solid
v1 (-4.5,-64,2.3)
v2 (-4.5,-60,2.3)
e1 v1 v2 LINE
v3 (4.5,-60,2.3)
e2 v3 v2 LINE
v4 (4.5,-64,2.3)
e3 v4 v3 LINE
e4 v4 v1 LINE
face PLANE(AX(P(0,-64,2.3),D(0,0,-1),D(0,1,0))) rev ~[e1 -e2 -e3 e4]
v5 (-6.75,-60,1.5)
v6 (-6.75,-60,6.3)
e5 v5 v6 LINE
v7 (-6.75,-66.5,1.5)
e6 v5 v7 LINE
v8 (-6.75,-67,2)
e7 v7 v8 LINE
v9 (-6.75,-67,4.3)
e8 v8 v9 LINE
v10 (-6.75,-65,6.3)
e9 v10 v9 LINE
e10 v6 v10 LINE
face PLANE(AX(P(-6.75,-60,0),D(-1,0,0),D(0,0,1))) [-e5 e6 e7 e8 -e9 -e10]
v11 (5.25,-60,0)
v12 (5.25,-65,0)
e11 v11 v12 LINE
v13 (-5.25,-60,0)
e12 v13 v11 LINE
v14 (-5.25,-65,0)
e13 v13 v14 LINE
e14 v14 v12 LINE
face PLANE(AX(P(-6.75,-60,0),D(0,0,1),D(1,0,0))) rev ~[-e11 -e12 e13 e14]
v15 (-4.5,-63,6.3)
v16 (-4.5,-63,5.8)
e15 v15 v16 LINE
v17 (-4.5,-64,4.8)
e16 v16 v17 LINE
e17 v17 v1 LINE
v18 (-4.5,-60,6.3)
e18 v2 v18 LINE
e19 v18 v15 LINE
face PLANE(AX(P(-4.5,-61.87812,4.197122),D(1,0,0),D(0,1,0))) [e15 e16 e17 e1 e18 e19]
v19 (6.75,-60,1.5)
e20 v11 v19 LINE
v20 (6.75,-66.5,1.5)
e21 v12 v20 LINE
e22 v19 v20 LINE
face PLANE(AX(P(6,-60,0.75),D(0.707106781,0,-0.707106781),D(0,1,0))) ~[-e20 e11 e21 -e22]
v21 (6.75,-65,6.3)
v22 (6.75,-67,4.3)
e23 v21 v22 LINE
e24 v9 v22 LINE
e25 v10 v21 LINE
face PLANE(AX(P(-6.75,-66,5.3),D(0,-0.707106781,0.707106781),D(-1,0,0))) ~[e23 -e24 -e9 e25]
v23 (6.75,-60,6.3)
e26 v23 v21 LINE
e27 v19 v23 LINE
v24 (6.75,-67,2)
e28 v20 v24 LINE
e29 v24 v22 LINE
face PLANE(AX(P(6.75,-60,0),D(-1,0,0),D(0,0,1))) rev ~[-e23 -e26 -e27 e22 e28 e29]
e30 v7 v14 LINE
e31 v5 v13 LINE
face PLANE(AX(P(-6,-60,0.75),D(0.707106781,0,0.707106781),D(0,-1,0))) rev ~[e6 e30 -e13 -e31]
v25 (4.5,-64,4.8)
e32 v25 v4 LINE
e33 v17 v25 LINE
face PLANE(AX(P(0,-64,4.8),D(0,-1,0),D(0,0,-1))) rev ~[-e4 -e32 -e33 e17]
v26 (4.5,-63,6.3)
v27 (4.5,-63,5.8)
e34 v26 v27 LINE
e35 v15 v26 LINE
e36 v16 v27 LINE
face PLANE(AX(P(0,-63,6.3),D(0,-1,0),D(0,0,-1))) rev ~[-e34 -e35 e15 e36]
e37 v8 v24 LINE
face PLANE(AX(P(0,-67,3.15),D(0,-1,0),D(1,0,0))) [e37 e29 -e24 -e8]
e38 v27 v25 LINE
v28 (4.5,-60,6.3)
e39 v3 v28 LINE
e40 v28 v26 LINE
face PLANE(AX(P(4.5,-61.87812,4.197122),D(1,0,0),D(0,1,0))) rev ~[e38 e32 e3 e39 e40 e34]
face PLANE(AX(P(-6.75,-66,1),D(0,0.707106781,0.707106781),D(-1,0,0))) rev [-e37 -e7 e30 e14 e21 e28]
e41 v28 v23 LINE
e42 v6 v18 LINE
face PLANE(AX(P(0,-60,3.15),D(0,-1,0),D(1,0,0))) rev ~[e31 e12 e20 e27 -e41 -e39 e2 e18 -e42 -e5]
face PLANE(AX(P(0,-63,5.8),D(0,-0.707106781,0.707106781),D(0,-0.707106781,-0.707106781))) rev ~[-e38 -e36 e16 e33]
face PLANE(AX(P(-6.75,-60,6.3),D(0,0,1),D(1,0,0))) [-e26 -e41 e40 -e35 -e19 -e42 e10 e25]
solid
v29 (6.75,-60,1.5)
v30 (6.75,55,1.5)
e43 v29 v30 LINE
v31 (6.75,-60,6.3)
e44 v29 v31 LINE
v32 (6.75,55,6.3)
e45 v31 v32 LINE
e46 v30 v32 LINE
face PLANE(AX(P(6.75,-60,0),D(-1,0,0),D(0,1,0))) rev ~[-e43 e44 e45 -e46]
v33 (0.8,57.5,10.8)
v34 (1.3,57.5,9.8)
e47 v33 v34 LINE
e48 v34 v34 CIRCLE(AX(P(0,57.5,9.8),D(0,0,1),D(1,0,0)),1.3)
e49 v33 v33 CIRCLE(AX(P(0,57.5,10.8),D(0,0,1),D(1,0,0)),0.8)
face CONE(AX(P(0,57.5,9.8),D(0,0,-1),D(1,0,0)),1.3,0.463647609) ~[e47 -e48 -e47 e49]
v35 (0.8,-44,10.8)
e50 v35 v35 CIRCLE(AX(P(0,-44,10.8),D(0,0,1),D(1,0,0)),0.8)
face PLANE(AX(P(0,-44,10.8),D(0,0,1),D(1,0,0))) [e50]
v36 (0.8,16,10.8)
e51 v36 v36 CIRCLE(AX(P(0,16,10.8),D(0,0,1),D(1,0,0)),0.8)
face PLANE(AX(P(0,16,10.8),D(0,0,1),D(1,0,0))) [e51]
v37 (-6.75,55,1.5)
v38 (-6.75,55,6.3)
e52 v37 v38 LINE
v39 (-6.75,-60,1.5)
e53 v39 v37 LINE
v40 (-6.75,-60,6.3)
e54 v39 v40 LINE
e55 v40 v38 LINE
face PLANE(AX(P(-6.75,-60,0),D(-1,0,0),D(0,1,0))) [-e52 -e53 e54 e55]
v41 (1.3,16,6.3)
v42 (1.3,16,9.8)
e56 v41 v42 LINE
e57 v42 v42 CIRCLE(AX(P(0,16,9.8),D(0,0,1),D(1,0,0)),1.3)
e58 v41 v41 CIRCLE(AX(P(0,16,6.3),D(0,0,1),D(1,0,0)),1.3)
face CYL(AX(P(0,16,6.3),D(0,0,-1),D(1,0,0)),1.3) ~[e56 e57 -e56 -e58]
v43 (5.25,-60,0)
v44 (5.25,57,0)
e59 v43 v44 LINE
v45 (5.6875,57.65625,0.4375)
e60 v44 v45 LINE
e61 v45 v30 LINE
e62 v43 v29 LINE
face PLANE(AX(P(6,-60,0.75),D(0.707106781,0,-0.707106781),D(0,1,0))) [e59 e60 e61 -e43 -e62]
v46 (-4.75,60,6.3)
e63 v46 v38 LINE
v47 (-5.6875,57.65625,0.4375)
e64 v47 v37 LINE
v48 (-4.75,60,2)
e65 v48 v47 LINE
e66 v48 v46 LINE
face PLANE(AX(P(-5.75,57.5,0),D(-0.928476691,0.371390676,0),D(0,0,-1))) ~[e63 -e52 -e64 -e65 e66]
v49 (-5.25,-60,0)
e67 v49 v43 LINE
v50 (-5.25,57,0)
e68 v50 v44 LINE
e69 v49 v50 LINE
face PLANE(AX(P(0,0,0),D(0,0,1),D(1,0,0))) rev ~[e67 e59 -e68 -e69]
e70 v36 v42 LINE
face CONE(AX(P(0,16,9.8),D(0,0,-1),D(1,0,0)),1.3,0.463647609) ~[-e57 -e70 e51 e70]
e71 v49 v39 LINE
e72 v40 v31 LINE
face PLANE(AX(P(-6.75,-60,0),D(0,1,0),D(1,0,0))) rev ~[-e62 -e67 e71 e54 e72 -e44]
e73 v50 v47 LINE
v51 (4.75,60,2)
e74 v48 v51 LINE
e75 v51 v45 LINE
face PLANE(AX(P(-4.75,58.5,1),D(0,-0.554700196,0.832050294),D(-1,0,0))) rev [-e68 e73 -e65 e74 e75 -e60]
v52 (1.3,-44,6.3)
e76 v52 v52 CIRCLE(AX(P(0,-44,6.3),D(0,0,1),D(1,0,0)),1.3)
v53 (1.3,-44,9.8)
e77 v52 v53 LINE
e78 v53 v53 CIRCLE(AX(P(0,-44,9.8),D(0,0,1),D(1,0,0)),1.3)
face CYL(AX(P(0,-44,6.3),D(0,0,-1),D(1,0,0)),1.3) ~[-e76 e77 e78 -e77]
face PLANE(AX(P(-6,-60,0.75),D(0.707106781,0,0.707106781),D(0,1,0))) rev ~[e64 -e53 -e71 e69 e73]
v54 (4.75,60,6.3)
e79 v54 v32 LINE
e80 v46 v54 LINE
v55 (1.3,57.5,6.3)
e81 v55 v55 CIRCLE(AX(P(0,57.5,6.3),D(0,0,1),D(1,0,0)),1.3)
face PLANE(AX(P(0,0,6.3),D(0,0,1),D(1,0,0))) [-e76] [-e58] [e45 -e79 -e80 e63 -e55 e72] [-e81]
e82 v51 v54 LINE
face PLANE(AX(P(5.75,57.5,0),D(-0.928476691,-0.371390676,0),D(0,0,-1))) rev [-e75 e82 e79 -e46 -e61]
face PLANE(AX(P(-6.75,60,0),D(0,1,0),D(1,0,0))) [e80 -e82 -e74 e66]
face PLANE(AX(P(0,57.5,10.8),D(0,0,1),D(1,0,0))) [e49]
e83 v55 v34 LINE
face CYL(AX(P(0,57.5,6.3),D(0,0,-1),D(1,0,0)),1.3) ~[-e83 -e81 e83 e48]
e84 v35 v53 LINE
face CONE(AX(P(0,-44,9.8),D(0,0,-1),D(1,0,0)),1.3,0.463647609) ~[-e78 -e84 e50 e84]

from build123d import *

# Parameters (mm, degrees)
F0_W       = 13.5
F0_H       = 120
F1_DEPTH   = 6.3
F2_R       = 1.3
F3_DEPTH   = 4.5
F4_SIZE2   = 5
F4_SIZE    = 2
F5_SIZE2   = 1
F5_SIZE    = 0.5
F5_2_SIZE2 = 1
F5_2_SIZE  = 0.5
F5_3_SIZE2 = 1
F5_3_SIZE  = 0.5
F6_W       = 13.5
F6_H       = 6.3
F7_DEPTH   = 7
F9_DEPTH   = 4.5
F10_SIZE   = 2
F11_SIZE2  = 3
F11_SIZE   = 2
F12_SIZE   = 1.5
F12_2_SIZE = 1.5


with BuildPart() as f1:
    # F0 (on Top) → F1 (new body)
    with BuildSketch(Plane.XY):
        Rectangle(F0_W, F0_H)
    extrude(amount=F1_DEPTH)

    # F2 (on face) → F3 (join)
    with BuildSketch(Plane.XY.offset(6.3)):
        with Locations((0, 57.5)):
            Circle(F2_R)
        with Locations((0, 16)):
            Circle(F2_R)
        with Locations((0, -44)):
            Circle(F2_R)
    extrude(amount=F3_DEPTH)

    # F4
    f4_edges = [f1.edges().sort_by_distance(p)[0] for p in [
        (6.75, 60, 3.15),
        (-6.75, 60, 3.15),
    ]]
    f4_side = f1.faces().sort_by_distance((0, 60, 3.15))[0]
    chamfer(f4_edges, length=F4_SIZE, length2=F4_SIZE2, reference=f4_side)

    # F5
    f5_edges = [f1.edges().sort_by_distance(p)[0] for p in [
        (-1.3, -44, 10.8),
    ]]
    f5_side = f1.faces().sort_by_distance((0, -44, 10.8))[0]
    chamfer(f5_edges, length=F5_SIZE, length2=F5_SIZE2, reference=f5_side)

    # F5#2
    f5_2_edges = [f1.edges().sort_by_distance(p)[0] for p in [
        (-1.3, 16, 10.8),
    ]]
    f5_2_side = f1.faces().sort_by_distance((0, 16, 10.8))[0]
    chamfer(f5_2_edges, length=F5_2_SIZE, length2=F5_2_SIZE2, reference=f5_2_side)

    # F5#3
    f5_3_edges = [f1.edges().sort_by_distance(p)[0] for p in [
        (-1.3, 57.5, 10.8),
    ]]
    f5_3_side = f1.faces().sort_by_distance((0, 57.5, 10.8))[0]
    chamfer(f5_3_edges, length=F5_3_SIZE, length2=F5_3_SIZE2, reference=f5_3_side)

    # F11
    f11_edges = [f1.edges().sort_by_distance(p)[0] for p in [
        (0, 60, 0),
    ]]
    f11_side = f1.faces().sort_by_distance((0, 60, 3.15))[0]
    chamfer(f11_edges, length=F11_SIZE, length2=F11_SIZE2, reference=f11_side)

    # F12
    f12_edges = [f1.edges().sort_by_distance(p)[0] for p in [
        (6.75, -2.5, 0),
        (-6.75, -2.5, 0),
    ]]
    chamfer(f12_edges, length=F12_SIZE)


with BuildPart() as f7:
    # F6 (on face) → F7 (new body)
    with BuildSketch(Plane.XZ.offset(60)):
        with Locations((0, 3.15)):
            Rectangle(F6_W, F6_H)
    extrude(amount=F7_DEPTH)

    # F8 (on Right) → F9 (cut, symmetric)
    with BuildSketch(Plane.YZ):
        Polygon((-60, 6.3), (-63, 6.3), (-63, 5.8), (-64, 4.8), (-64, 2.3), (-60, 2.3), align=None)
    extrude(amount=F9_DEPTH, both=True, mode=Mode.SUBTRACT)

    # F10
    f10_edges = [f7.edges().sort_by_distance(p)[0] for p in [
        (0, -67, 6.3),
        (0, -67, 0),
    ]]
    chamfer(f10_edges, length=F10_SIZE)

    # F12#2
    f12_2_edges = [f7.edges().sort_by_distance(p)[0] for p in [
        (6.75, -62.5, 0),
        (-6.75, -62.5, 0),
    ]]
    chamfer(f12_2_edges, length=F12_2_SIZE)


solid = Compound([f1.part, f7.part])
